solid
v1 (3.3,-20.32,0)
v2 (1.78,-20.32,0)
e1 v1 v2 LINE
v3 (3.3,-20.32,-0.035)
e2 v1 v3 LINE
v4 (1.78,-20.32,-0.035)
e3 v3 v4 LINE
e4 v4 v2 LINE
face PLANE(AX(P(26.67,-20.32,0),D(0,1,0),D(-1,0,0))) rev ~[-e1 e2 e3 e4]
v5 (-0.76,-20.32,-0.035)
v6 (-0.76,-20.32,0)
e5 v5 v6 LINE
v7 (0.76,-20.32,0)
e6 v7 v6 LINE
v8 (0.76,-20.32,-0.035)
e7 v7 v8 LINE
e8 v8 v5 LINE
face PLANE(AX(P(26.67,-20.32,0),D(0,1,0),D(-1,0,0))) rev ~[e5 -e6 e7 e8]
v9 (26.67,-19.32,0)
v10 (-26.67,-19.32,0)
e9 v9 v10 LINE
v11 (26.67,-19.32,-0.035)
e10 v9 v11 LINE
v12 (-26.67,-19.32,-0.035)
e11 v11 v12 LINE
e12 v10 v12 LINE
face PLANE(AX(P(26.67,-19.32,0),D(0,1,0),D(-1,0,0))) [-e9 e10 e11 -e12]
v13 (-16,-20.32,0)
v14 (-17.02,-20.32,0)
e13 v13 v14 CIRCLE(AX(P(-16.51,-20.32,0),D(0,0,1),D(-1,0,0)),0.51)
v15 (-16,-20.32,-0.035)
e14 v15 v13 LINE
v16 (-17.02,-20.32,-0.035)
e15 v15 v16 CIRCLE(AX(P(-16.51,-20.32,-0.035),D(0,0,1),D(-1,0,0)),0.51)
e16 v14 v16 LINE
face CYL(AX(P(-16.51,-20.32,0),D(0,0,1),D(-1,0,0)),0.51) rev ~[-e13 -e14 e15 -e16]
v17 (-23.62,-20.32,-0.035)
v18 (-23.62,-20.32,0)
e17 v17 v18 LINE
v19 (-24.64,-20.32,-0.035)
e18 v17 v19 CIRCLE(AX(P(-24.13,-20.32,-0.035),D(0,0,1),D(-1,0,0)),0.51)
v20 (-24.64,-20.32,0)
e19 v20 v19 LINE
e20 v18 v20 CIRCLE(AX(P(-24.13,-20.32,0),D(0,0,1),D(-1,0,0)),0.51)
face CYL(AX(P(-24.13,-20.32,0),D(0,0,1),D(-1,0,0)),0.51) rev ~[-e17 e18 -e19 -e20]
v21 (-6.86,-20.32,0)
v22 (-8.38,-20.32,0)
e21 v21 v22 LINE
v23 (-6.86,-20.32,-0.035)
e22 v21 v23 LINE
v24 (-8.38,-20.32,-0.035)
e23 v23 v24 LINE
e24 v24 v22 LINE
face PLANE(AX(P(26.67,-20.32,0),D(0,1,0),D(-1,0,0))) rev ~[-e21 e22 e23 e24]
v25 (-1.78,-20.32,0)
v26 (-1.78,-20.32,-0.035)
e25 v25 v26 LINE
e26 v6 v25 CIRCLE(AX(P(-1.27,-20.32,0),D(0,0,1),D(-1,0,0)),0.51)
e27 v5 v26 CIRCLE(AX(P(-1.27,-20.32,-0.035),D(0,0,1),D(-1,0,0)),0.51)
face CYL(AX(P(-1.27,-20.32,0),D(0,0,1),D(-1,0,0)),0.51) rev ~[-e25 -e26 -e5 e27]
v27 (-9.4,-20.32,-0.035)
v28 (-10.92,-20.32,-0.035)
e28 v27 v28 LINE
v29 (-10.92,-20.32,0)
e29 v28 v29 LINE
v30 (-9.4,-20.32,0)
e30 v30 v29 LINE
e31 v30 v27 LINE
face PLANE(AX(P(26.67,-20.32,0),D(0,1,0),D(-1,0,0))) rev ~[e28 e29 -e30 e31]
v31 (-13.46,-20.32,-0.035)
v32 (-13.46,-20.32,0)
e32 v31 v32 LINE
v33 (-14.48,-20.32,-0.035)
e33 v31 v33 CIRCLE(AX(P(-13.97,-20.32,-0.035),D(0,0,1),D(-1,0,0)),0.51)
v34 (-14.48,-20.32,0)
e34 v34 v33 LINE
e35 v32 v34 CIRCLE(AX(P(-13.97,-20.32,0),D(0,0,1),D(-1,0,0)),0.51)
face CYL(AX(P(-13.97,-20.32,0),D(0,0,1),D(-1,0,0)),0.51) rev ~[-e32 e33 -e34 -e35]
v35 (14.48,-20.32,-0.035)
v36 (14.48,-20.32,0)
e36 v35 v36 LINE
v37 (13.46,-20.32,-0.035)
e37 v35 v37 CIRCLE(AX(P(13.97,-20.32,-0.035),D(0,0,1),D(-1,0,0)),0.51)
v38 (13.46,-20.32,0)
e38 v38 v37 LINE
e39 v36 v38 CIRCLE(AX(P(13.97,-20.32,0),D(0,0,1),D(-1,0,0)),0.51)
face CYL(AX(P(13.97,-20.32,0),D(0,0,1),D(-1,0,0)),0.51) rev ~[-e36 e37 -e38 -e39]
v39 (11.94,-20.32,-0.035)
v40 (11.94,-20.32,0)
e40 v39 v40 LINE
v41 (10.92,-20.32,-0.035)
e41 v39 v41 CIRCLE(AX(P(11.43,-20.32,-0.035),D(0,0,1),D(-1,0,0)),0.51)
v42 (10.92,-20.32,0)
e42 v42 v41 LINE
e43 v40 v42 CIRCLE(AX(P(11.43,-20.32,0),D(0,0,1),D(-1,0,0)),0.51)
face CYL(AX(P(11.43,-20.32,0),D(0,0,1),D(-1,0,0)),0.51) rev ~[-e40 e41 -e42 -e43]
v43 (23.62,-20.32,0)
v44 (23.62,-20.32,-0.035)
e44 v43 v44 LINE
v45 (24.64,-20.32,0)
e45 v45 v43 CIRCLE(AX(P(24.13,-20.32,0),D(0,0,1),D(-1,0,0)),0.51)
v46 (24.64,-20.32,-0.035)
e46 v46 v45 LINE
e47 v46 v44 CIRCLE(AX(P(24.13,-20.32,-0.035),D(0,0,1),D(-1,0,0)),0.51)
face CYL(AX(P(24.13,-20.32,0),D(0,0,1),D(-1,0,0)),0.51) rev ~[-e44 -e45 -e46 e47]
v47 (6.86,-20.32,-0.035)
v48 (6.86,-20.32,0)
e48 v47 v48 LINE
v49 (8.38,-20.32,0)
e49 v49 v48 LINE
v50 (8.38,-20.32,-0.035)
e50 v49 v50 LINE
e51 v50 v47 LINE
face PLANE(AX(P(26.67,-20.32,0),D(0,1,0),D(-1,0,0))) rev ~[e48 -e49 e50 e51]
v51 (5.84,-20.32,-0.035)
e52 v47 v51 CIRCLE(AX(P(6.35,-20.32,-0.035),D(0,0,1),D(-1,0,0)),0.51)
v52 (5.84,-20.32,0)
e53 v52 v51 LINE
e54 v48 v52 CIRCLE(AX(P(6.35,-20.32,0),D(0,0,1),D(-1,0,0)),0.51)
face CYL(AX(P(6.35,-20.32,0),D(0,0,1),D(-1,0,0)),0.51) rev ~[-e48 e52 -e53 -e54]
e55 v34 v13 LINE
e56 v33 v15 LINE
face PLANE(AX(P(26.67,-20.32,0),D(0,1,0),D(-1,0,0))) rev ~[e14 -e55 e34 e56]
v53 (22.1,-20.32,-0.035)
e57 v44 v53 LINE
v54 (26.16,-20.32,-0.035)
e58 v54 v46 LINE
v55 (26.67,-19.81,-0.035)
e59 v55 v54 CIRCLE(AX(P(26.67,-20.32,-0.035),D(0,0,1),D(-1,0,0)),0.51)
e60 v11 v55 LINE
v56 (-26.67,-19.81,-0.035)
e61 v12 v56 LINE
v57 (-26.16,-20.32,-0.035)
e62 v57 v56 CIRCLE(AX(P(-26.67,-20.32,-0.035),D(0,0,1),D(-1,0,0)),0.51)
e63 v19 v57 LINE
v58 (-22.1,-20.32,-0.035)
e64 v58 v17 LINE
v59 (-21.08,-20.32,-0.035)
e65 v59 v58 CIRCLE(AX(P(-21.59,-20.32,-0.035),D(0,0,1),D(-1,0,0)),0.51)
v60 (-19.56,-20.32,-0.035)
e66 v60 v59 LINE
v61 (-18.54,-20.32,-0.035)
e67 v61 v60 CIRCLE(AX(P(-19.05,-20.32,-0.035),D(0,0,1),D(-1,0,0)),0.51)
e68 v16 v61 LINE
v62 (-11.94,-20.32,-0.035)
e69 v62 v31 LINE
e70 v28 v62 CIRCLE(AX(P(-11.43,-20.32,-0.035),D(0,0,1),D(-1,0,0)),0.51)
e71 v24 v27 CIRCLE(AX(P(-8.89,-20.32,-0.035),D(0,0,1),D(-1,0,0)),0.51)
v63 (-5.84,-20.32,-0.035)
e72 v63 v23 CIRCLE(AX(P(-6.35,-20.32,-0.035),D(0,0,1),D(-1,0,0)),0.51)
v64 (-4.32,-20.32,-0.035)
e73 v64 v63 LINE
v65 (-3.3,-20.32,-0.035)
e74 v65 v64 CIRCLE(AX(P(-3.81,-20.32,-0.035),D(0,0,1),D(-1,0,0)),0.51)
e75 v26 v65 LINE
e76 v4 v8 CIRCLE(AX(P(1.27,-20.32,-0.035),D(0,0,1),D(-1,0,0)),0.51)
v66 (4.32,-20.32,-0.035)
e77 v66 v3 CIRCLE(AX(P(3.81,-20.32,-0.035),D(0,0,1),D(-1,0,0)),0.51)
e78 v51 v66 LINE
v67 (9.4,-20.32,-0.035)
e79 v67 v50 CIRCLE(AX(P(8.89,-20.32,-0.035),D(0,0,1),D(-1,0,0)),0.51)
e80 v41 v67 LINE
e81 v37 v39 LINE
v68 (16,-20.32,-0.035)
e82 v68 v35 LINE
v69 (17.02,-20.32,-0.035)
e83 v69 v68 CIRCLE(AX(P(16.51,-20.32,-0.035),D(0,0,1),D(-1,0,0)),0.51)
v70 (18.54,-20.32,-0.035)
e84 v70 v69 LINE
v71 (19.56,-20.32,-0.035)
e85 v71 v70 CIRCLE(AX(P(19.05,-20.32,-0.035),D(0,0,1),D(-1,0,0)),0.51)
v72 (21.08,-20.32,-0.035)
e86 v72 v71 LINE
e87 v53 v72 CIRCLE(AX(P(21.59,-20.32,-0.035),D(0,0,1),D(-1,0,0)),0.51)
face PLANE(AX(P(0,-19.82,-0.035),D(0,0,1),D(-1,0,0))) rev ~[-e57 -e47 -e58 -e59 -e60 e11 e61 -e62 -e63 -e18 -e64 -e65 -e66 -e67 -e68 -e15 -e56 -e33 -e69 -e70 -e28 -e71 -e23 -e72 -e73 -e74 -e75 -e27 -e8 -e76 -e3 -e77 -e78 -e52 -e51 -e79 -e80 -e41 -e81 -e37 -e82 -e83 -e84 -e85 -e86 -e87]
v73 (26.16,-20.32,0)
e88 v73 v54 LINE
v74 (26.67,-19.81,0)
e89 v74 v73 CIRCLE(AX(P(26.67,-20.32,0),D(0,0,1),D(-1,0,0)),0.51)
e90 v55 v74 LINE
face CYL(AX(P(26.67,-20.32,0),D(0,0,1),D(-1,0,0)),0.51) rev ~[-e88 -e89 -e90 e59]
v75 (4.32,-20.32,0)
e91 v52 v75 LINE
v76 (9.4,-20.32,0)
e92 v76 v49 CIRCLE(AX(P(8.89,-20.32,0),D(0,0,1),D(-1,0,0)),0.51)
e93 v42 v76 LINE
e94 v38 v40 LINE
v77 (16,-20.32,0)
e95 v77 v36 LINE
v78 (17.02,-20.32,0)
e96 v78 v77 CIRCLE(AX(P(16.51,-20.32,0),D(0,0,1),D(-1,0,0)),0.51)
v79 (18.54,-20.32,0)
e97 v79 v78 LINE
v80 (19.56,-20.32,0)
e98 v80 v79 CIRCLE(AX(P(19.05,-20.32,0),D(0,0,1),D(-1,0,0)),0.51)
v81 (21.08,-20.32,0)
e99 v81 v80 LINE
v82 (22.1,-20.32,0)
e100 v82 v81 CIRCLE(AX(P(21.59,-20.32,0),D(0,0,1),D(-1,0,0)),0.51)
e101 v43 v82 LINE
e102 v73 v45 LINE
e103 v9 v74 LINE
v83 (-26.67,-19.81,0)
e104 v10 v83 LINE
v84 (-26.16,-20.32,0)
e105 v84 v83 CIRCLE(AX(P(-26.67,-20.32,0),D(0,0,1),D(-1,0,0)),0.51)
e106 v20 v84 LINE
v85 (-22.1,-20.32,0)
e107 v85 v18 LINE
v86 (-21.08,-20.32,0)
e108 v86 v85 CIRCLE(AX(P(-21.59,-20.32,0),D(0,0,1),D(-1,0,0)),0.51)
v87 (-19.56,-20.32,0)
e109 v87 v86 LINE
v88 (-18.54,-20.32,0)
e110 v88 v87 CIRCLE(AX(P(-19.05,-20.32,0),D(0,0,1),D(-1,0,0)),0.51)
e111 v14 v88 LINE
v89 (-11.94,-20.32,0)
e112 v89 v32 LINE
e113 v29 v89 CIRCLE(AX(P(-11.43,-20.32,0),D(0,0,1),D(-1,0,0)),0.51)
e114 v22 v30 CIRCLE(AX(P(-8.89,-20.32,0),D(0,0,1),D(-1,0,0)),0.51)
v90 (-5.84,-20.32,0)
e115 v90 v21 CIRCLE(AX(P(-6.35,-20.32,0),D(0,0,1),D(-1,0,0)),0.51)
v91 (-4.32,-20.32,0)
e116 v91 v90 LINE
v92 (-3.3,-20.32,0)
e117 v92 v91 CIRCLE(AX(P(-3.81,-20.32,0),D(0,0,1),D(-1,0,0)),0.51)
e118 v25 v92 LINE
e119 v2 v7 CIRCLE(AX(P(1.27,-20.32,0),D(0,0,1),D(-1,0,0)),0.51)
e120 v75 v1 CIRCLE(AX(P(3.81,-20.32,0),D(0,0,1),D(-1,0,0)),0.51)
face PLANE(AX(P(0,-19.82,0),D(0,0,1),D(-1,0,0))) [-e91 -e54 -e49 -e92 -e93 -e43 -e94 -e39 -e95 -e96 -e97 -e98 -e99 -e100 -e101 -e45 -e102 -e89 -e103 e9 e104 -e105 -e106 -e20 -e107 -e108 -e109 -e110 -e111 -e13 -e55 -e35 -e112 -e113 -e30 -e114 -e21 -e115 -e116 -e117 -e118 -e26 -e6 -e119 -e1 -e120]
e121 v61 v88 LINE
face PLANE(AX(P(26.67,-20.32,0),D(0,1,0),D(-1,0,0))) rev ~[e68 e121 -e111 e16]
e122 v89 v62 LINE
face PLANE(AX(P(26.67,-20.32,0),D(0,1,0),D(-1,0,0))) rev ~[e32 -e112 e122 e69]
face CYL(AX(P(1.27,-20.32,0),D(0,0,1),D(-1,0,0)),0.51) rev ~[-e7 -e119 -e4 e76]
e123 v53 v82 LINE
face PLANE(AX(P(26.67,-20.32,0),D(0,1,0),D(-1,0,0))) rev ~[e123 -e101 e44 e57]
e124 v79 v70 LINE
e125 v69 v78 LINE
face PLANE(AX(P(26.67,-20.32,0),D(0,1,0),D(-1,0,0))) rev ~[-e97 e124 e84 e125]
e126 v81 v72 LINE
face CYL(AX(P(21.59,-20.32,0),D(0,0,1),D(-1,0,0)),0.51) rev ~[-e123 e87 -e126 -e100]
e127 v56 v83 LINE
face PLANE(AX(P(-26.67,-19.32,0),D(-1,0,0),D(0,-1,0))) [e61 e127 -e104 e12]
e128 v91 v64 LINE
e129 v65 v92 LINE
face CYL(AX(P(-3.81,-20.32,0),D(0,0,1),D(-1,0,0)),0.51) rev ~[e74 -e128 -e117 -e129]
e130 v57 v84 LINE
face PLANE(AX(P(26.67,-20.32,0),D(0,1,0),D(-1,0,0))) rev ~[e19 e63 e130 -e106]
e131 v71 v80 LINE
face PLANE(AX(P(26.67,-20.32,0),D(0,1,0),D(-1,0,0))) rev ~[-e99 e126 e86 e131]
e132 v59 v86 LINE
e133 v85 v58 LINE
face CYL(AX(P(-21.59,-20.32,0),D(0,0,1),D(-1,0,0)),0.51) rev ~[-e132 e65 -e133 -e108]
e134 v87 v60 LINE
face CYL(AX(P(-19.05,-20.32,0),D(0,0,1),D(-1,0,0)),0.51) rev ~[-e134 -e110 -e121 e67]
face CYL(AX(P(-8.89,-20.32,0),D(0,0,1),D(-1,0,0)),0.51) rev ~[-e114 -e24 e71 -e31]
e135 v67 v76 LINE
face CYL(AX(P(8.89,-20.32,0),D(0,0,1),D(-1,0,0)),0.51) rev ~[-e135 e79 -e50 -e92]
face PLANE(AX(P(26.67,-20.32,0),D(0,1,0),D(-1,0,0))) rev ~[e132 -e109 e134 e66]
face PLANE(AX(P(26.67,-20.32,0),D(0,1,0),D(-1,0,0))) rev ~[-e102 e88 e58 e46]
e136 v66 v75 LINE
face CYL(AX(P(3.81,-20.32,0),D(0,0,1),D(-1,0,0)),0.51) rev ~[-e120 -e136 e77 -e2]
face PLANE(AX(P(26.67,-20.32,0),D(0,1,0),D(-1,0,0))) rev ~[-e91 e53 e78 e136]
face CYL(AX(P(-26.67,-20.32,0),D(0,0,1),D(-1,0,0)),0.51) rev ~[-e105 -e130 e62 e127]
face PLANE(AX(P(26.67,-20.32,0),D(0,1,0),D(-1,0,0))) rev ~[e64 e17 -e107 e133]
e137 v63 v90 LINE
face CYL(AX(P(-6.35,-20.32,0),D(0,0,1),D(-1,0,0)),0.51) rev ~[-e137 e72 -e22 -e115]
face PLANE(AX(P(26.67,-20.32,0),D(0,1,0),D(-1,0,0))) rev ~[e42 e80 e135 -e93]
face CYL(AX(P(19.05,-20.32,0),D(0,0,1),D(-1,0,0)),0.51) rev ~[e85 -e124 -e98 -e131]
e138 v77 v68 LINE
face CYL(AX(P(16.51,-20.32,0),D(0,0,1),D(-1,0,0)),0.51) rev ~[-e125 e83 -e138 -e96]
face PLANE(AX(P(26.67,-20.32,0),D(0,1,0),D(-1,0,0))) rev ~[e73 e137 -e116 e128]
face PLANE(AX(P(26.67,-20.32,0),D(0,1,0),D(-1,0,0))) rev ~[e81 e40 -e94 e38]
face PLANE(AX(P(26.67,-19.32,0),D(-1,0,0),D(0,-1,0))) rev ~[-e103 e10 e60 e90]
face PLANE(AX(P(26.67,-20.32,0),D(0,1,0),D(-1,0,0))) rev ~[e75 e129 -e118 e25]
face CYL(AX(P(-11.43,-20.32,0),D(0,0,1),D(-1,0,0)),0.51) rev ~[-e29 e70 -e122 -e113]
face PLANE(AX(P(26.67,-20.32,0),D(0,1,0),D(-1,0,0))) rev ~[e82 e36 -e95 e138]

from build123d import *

# Parameters (mm, degrees)
SKETCH004_W             = 53.34
SKETCH004_H             = 1
PAD002_DEPTH            = 0.035
SKETCH005_R             = 0.51
POCKET002_DEPTH         = 0.036
LINEARPATTERN005_COUNT  = 22
LINEARPATTERN005_PITCH  = 2.54
BODY004_PLACEMENT_ANGLE = 180


with BuildPart() as part:
    # Sketch004 → Pad002 (new body)
    with BuildSketch(Plane.XY):
        with Locations((0, 19.82)):
            Rectangle(SKETCH004_W, SKETCH004_H)
    extrude(amount=-PAD002_DEPTH)

    # Sketch005 → Pocket002 (cut, through all)
    with BuildSketch(Plane.XY):
        with Locations((-26.67, 20.32)):
            Circle(SKETCH005_R)
    pocket002 = extrude(amount=-POCKET002_DEPTH, mode=Mode.SUBTRACT)

    # LinearPattern005: Pocket002 ×22
    with Locations(*[(i * LINEARPATTERN005_PITCH, 0, 0) for i in range(1, LINEARPATTERN005_COUNT)]):
        add(pocket002, mode=Mode.SUBTRACT)


with BuildPart() as part_1:
    # Body004 placement: moved
    add(part.part.rotate(Axis((0, 0, 0), (0, 0, 1)), BODY004_PLACEMENT_ANGLE))


solid = part_1.part
